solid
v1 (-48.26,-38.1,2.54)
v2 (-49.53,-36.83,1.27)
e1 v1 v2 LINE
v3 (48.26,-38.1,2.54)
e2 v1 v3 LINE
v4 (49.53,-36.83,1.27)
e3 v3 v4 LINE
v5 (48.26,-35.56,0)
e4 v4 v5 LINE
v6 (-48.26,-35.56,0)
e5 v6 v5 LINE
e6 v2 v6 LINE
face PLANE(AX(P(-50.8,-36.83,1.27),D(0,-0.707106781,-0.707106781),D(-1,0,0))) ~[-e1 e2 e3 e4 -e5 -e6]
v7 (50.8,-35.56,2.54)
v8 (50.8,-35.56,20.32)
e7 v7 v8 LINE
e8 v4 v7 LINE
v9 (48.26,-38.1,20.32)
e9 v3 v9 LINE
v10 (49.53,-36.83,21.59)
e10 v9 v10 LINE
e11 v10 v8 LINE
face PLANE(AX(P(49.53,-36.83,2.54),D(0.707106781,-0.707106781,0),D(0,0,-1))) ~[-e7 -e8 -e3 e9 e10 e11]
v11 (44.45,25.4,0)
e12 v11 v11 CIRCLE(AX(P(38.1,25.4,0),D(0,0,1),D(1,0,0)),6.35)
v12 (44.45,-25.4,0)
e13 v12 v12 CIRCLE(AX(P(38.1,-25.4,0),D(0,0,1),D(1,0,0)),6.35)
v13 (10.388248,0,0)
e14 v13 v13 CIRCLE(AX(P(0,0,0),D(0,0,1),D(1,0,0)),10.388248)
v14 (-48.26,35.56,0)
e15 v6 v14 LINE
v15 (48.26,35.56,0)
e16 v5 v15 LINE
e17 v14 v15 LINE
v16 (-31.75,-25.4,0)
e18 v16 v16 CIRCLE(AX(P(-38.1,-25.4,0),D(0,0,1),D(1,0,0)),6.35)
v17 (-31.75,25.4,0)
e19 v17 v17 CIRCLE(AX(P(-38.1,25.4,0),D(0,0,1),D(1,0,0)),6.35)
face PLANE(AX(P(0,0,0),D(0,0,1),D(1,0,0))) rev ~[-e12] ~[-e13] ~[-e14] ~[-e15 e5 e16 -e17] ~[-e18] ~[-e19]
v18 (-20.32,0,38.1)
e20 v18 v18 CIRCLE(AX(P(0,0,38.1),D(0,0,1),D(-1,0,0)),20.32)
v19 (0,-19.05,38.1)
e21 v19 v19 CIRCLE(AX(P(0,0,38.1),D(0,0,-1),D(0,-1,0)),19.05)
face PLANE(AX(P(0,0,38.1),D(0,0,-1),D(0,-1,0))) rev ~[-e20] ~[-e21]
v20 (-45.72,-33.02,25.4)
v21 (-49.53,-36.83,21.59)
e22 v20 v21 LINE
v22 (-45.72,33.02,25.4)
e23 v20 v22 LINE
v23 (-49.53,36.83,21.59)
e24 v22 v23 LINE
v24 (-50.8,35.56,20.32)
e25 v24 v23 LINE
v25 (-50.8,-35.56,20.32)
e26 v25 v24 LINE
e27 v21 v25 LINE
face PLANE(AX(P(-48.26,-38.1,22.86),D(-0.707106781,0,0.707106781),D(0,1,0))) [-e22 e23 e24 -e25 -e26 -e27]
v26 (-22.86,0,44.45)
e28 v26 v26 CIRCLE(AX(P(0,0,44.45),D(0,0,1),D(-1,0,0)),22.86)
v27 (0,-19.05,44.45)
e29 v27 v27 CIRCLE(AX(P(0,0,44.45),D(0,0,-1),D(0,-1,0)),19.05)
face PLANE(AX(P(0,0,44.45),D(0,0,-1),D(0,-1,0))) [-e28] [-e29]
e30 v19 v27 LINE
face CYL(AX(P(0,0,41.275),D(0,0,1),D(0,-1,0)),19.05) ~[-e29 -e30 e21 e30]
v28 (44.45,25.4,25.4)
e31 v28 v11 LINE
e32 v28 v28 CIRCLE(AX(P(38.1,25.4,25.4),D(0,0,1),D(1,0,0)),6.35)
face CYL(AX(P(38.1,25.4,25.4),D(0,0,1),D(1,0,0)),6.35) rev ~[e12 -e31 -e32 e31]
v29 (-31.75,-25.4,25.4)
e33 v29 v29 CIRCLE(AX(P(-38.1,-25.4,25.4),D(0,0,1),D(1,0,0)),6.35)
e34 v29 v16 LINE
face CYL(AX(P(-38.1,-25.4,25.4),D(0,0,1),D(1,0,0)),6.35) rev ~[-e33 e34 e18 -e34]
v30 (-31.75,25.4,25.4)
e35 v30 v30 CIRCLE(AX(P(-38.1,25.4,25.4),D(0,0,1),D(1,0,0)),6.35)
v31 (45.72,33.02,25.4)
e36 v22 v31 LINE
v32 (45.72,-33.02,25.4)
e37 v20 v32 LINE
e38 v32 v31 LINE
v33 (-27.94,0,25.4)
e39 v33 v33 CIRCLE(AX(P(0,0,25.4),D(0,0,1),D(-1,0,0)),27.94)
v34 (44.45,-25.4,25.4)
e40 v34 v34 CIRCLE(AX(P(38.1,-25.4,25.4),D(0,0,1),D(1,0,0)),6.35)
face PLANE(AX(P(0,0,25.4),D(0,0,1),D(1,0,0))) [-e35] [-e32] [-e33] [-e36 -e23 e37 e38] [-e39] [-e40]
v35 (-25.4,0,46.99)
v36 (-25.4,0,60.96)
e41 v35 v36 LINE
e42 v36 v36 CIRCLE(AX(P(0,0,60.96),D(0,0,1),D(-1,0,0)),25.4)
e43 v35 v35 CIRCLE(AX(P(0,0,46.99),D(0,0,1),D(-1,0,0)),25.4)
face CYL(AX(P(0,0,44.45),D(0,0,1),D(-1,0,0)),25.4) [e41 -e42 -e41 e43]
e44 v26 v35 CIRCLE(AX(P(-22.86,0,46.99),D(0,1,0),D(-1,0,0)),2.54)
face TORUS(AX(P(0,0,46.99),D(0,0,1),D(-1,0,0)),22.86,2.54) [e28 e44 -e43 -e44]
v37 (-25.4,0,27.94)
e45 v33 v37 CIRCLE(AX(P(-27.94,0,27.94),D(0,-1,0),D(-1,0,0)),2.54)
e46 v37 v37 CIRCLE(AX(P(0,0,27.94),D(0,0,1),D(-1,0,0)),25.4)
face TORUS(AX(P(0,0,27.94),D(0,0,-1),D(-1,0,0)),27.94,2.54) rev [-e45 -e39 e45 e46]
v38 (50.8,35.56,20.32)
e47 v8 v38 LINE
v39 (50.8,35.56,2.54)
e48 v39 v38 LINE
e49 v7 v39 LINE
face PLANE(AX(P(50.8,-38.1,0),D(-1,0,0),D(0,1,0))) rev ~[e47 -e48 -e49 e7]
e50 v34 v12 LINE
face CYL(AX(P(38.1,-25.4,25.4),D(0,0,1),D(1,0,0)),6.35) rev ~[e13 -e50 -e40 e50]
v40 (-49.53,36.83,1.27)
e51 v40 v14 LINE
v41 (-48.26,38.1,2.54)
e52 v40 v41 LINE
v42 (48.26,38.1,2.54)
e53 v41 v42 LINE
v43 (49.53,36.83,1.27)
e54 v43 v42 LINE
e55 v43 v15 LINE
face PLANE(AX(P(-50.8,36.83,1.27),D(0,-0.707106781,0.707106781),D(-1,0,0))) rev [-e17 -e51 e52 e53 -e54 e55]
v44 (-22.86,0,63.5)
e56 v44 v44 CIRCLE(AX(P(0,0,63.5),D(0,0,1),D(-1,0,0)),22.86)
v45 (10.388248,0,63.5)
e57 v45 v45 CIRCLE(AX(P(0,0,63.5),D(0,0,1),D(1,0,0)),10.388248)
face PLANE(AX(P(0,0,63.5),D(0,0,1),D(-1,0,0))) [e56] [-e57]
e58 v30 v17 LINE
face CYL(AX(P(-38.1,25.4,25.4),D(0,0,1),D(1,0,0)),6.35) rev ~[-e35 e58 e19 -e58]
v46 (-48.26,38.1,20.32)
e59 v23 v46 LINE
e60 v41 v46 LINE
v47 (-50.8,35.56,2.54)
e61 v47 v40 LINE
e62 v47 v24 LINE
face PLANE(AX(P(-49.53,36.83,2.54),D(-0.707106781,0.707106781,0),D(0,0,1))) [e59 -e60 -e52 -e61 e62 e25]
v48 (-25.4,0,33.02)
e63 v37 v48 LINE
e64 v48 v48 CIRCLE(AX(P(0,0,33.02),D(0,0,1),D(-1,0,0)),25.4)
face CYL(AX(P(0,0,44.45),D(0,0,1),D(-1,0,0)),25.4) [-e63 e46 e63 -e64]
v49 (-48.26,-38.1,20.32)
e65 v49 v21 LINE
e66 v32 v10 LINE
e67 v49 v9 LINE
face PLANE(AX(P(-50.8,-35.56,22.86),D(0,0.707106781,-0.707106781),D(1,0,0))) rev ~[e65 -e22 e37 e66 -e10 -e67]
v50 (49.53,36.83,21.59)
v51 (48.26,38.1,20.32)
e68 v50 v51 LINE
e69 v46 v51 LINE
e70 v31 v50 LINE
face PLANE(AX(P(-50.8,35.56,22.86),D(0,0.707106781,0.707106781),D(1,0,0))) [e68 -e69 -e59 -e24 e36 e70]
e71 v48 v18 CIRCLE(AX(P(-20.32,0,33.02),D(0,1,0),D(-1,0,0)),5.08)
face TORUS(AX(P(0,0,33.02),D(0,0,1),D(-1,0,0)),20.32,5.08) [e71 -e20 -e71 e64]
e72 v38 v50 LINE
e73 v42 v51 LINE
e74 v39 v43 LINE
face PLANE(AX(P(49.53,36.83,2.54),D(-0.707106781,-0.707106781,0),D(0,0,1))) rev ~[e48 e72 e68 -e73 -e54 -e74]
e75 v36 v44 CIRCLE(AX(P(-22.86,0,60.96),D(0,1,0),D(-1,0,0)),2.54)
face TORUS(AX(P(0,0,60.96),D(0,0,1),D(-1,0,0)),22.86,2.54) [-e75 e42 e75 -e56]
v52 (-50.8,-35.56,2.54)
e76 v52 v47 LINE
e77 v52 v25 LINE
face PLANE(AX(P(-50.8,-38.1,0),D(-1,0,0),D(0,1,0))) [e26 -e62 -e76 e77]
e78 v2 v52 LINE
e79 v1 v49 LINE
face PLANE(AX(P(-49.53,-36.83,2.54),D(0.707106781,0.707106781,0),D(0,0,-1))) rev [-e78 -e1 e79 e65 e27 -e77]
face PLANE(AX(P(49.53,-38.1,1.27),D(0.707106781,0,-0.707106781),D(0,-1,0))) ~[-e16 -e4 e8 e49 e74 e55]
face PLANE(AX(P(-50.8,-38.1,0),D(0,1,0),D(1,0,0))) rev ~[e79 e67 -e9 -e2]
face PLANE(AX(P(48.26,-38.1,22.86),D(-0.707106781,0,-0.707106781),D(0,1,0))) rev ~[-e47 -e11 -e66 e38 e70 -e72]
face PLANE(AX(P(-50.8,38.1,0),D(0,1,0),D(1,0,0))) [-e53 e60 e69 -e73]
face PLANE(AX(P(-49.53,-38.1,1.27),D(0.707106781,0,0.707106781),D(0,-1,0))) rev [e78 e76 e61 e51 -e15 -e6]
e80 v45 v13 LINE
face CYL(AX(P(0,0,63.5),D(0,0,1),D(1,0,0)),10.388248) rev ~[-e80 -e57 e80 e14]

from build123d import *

# Parameters (mm, degrees)
F0_W      = 101.6
F0_H      = 76.2
F1_DEPTH  = 25.4
F2_R      = 6.35
F3_DEPTH  = 25.4
F4_W      = 25.4
F4_H      = 38.1
F6_W      = 30.48
F6_H      = 6.35
F8_R      = 5.08
F9_SIZE   = 5.08
F10_R     = 2.54
F11_SIZE  = 2.54
F12_SIZE  = 2.54
F13_R     = 10.3882483968
F14_DEPTH = 76.2


with BuildPart() as f1:
    # F0 (on Top) → F1 (new body)
    with BuildSketch(Plane.XY):
        Rectangle(F0_W, F0_H)
    extrude(amount=F1_DEPTH)

    # F2 (on face) → F3 (cut)
    with BuildSketch(Plane.XY.offset(25.4)):
        with Locations((-38.1, 25.4)):
            Circle(F2_R)
        with Locations((38.1, 25.4)):
            Circle(F2_R)
        with Locations((38.1, -25.4)):
            Circle(F2_R)
        with Locations((-38.1, -25.4)):
            Circle(F2_R)
    extrude(amount=-F3_DEPTH, mode=Mode.SUBTRACT)

    # F4 (on Front) → F5 (revolve)
    with BuildSketch(Plane.XZ):
        with Locations((-12.7, 44.45)):
            Rectangle(F4_W, F4_H)
    revolve(axis=Axis((0, 0, 44.45), (0, 0, 1)))

    # F6 (on Right) → F7 (revolve, cut)
    with BuildSketch(Plane.YZ):
        with Locations((-34.29, 41.275)):
            Rectangle(F6_W, F6_H)
    revolve(axis=Axis((0, 0, 63.5), (0, 0, -1)), mode=Mode.SUBTRACT)

    # F8
    f8_edges = [f1.edges().sort_by_distance(p)[0] for p in [
        (25.4, 0, 38.1),
    ]]
    fillet(f8_edges, radius=F8_R)

    # F9
    f9_edges = [f1.edges().sort_by_distance(p)[0] for p in [
        (0, -38.1, 25.4),
        (50.8, 0, 25.4),
        (0, 38.1, 25.4),
        (-50.8, 0, 25.4),
    ]]
    chamfer(f9_edges, length=F9_SIZE)

    # F10
    f10_edges = [f1.edges().sort_by_distance(p)[0] for p in [
        (25.4, 0, 25.4),
        (25.4, 0, 33.02),
        (25.4, 0, 44.45),
        (25.4, 0, 63.5),
    ]]
    fillet(f10_edges, radius=F10_R)

    # F11
    f11_edges = [f1.edges().sort_by_distance(p)[0] for p in [
        (0, -38.1, 0),
        (50.8, 0, 0),
        (0, 38.1, 0),
        (-50.8, 0, 0),
    ]]
    chamfer(f11_edges, length=F11_SIZE)

    # F12
    f12_edges = [f1.edges().sort_by_distance(p)[0] for p in [
        (-50.8, 38.1, 11.43),
        (-50.8, -38.1, 11.43),
        (50.8, 38.1, 11.43),
        (50.8, -38.1, 11.43),
    ]]
    chamfer(f12_edges, length=F12_SIZE)

    # F13 (on face) → F14 (cut)
    with BuildSketch(Plane.XY.offset(63.5)):
        Circle(F13_R)
    extrude(amount=-F14_DEPTH, mode=Mode.SUBTRACT)


solid = f1.part
